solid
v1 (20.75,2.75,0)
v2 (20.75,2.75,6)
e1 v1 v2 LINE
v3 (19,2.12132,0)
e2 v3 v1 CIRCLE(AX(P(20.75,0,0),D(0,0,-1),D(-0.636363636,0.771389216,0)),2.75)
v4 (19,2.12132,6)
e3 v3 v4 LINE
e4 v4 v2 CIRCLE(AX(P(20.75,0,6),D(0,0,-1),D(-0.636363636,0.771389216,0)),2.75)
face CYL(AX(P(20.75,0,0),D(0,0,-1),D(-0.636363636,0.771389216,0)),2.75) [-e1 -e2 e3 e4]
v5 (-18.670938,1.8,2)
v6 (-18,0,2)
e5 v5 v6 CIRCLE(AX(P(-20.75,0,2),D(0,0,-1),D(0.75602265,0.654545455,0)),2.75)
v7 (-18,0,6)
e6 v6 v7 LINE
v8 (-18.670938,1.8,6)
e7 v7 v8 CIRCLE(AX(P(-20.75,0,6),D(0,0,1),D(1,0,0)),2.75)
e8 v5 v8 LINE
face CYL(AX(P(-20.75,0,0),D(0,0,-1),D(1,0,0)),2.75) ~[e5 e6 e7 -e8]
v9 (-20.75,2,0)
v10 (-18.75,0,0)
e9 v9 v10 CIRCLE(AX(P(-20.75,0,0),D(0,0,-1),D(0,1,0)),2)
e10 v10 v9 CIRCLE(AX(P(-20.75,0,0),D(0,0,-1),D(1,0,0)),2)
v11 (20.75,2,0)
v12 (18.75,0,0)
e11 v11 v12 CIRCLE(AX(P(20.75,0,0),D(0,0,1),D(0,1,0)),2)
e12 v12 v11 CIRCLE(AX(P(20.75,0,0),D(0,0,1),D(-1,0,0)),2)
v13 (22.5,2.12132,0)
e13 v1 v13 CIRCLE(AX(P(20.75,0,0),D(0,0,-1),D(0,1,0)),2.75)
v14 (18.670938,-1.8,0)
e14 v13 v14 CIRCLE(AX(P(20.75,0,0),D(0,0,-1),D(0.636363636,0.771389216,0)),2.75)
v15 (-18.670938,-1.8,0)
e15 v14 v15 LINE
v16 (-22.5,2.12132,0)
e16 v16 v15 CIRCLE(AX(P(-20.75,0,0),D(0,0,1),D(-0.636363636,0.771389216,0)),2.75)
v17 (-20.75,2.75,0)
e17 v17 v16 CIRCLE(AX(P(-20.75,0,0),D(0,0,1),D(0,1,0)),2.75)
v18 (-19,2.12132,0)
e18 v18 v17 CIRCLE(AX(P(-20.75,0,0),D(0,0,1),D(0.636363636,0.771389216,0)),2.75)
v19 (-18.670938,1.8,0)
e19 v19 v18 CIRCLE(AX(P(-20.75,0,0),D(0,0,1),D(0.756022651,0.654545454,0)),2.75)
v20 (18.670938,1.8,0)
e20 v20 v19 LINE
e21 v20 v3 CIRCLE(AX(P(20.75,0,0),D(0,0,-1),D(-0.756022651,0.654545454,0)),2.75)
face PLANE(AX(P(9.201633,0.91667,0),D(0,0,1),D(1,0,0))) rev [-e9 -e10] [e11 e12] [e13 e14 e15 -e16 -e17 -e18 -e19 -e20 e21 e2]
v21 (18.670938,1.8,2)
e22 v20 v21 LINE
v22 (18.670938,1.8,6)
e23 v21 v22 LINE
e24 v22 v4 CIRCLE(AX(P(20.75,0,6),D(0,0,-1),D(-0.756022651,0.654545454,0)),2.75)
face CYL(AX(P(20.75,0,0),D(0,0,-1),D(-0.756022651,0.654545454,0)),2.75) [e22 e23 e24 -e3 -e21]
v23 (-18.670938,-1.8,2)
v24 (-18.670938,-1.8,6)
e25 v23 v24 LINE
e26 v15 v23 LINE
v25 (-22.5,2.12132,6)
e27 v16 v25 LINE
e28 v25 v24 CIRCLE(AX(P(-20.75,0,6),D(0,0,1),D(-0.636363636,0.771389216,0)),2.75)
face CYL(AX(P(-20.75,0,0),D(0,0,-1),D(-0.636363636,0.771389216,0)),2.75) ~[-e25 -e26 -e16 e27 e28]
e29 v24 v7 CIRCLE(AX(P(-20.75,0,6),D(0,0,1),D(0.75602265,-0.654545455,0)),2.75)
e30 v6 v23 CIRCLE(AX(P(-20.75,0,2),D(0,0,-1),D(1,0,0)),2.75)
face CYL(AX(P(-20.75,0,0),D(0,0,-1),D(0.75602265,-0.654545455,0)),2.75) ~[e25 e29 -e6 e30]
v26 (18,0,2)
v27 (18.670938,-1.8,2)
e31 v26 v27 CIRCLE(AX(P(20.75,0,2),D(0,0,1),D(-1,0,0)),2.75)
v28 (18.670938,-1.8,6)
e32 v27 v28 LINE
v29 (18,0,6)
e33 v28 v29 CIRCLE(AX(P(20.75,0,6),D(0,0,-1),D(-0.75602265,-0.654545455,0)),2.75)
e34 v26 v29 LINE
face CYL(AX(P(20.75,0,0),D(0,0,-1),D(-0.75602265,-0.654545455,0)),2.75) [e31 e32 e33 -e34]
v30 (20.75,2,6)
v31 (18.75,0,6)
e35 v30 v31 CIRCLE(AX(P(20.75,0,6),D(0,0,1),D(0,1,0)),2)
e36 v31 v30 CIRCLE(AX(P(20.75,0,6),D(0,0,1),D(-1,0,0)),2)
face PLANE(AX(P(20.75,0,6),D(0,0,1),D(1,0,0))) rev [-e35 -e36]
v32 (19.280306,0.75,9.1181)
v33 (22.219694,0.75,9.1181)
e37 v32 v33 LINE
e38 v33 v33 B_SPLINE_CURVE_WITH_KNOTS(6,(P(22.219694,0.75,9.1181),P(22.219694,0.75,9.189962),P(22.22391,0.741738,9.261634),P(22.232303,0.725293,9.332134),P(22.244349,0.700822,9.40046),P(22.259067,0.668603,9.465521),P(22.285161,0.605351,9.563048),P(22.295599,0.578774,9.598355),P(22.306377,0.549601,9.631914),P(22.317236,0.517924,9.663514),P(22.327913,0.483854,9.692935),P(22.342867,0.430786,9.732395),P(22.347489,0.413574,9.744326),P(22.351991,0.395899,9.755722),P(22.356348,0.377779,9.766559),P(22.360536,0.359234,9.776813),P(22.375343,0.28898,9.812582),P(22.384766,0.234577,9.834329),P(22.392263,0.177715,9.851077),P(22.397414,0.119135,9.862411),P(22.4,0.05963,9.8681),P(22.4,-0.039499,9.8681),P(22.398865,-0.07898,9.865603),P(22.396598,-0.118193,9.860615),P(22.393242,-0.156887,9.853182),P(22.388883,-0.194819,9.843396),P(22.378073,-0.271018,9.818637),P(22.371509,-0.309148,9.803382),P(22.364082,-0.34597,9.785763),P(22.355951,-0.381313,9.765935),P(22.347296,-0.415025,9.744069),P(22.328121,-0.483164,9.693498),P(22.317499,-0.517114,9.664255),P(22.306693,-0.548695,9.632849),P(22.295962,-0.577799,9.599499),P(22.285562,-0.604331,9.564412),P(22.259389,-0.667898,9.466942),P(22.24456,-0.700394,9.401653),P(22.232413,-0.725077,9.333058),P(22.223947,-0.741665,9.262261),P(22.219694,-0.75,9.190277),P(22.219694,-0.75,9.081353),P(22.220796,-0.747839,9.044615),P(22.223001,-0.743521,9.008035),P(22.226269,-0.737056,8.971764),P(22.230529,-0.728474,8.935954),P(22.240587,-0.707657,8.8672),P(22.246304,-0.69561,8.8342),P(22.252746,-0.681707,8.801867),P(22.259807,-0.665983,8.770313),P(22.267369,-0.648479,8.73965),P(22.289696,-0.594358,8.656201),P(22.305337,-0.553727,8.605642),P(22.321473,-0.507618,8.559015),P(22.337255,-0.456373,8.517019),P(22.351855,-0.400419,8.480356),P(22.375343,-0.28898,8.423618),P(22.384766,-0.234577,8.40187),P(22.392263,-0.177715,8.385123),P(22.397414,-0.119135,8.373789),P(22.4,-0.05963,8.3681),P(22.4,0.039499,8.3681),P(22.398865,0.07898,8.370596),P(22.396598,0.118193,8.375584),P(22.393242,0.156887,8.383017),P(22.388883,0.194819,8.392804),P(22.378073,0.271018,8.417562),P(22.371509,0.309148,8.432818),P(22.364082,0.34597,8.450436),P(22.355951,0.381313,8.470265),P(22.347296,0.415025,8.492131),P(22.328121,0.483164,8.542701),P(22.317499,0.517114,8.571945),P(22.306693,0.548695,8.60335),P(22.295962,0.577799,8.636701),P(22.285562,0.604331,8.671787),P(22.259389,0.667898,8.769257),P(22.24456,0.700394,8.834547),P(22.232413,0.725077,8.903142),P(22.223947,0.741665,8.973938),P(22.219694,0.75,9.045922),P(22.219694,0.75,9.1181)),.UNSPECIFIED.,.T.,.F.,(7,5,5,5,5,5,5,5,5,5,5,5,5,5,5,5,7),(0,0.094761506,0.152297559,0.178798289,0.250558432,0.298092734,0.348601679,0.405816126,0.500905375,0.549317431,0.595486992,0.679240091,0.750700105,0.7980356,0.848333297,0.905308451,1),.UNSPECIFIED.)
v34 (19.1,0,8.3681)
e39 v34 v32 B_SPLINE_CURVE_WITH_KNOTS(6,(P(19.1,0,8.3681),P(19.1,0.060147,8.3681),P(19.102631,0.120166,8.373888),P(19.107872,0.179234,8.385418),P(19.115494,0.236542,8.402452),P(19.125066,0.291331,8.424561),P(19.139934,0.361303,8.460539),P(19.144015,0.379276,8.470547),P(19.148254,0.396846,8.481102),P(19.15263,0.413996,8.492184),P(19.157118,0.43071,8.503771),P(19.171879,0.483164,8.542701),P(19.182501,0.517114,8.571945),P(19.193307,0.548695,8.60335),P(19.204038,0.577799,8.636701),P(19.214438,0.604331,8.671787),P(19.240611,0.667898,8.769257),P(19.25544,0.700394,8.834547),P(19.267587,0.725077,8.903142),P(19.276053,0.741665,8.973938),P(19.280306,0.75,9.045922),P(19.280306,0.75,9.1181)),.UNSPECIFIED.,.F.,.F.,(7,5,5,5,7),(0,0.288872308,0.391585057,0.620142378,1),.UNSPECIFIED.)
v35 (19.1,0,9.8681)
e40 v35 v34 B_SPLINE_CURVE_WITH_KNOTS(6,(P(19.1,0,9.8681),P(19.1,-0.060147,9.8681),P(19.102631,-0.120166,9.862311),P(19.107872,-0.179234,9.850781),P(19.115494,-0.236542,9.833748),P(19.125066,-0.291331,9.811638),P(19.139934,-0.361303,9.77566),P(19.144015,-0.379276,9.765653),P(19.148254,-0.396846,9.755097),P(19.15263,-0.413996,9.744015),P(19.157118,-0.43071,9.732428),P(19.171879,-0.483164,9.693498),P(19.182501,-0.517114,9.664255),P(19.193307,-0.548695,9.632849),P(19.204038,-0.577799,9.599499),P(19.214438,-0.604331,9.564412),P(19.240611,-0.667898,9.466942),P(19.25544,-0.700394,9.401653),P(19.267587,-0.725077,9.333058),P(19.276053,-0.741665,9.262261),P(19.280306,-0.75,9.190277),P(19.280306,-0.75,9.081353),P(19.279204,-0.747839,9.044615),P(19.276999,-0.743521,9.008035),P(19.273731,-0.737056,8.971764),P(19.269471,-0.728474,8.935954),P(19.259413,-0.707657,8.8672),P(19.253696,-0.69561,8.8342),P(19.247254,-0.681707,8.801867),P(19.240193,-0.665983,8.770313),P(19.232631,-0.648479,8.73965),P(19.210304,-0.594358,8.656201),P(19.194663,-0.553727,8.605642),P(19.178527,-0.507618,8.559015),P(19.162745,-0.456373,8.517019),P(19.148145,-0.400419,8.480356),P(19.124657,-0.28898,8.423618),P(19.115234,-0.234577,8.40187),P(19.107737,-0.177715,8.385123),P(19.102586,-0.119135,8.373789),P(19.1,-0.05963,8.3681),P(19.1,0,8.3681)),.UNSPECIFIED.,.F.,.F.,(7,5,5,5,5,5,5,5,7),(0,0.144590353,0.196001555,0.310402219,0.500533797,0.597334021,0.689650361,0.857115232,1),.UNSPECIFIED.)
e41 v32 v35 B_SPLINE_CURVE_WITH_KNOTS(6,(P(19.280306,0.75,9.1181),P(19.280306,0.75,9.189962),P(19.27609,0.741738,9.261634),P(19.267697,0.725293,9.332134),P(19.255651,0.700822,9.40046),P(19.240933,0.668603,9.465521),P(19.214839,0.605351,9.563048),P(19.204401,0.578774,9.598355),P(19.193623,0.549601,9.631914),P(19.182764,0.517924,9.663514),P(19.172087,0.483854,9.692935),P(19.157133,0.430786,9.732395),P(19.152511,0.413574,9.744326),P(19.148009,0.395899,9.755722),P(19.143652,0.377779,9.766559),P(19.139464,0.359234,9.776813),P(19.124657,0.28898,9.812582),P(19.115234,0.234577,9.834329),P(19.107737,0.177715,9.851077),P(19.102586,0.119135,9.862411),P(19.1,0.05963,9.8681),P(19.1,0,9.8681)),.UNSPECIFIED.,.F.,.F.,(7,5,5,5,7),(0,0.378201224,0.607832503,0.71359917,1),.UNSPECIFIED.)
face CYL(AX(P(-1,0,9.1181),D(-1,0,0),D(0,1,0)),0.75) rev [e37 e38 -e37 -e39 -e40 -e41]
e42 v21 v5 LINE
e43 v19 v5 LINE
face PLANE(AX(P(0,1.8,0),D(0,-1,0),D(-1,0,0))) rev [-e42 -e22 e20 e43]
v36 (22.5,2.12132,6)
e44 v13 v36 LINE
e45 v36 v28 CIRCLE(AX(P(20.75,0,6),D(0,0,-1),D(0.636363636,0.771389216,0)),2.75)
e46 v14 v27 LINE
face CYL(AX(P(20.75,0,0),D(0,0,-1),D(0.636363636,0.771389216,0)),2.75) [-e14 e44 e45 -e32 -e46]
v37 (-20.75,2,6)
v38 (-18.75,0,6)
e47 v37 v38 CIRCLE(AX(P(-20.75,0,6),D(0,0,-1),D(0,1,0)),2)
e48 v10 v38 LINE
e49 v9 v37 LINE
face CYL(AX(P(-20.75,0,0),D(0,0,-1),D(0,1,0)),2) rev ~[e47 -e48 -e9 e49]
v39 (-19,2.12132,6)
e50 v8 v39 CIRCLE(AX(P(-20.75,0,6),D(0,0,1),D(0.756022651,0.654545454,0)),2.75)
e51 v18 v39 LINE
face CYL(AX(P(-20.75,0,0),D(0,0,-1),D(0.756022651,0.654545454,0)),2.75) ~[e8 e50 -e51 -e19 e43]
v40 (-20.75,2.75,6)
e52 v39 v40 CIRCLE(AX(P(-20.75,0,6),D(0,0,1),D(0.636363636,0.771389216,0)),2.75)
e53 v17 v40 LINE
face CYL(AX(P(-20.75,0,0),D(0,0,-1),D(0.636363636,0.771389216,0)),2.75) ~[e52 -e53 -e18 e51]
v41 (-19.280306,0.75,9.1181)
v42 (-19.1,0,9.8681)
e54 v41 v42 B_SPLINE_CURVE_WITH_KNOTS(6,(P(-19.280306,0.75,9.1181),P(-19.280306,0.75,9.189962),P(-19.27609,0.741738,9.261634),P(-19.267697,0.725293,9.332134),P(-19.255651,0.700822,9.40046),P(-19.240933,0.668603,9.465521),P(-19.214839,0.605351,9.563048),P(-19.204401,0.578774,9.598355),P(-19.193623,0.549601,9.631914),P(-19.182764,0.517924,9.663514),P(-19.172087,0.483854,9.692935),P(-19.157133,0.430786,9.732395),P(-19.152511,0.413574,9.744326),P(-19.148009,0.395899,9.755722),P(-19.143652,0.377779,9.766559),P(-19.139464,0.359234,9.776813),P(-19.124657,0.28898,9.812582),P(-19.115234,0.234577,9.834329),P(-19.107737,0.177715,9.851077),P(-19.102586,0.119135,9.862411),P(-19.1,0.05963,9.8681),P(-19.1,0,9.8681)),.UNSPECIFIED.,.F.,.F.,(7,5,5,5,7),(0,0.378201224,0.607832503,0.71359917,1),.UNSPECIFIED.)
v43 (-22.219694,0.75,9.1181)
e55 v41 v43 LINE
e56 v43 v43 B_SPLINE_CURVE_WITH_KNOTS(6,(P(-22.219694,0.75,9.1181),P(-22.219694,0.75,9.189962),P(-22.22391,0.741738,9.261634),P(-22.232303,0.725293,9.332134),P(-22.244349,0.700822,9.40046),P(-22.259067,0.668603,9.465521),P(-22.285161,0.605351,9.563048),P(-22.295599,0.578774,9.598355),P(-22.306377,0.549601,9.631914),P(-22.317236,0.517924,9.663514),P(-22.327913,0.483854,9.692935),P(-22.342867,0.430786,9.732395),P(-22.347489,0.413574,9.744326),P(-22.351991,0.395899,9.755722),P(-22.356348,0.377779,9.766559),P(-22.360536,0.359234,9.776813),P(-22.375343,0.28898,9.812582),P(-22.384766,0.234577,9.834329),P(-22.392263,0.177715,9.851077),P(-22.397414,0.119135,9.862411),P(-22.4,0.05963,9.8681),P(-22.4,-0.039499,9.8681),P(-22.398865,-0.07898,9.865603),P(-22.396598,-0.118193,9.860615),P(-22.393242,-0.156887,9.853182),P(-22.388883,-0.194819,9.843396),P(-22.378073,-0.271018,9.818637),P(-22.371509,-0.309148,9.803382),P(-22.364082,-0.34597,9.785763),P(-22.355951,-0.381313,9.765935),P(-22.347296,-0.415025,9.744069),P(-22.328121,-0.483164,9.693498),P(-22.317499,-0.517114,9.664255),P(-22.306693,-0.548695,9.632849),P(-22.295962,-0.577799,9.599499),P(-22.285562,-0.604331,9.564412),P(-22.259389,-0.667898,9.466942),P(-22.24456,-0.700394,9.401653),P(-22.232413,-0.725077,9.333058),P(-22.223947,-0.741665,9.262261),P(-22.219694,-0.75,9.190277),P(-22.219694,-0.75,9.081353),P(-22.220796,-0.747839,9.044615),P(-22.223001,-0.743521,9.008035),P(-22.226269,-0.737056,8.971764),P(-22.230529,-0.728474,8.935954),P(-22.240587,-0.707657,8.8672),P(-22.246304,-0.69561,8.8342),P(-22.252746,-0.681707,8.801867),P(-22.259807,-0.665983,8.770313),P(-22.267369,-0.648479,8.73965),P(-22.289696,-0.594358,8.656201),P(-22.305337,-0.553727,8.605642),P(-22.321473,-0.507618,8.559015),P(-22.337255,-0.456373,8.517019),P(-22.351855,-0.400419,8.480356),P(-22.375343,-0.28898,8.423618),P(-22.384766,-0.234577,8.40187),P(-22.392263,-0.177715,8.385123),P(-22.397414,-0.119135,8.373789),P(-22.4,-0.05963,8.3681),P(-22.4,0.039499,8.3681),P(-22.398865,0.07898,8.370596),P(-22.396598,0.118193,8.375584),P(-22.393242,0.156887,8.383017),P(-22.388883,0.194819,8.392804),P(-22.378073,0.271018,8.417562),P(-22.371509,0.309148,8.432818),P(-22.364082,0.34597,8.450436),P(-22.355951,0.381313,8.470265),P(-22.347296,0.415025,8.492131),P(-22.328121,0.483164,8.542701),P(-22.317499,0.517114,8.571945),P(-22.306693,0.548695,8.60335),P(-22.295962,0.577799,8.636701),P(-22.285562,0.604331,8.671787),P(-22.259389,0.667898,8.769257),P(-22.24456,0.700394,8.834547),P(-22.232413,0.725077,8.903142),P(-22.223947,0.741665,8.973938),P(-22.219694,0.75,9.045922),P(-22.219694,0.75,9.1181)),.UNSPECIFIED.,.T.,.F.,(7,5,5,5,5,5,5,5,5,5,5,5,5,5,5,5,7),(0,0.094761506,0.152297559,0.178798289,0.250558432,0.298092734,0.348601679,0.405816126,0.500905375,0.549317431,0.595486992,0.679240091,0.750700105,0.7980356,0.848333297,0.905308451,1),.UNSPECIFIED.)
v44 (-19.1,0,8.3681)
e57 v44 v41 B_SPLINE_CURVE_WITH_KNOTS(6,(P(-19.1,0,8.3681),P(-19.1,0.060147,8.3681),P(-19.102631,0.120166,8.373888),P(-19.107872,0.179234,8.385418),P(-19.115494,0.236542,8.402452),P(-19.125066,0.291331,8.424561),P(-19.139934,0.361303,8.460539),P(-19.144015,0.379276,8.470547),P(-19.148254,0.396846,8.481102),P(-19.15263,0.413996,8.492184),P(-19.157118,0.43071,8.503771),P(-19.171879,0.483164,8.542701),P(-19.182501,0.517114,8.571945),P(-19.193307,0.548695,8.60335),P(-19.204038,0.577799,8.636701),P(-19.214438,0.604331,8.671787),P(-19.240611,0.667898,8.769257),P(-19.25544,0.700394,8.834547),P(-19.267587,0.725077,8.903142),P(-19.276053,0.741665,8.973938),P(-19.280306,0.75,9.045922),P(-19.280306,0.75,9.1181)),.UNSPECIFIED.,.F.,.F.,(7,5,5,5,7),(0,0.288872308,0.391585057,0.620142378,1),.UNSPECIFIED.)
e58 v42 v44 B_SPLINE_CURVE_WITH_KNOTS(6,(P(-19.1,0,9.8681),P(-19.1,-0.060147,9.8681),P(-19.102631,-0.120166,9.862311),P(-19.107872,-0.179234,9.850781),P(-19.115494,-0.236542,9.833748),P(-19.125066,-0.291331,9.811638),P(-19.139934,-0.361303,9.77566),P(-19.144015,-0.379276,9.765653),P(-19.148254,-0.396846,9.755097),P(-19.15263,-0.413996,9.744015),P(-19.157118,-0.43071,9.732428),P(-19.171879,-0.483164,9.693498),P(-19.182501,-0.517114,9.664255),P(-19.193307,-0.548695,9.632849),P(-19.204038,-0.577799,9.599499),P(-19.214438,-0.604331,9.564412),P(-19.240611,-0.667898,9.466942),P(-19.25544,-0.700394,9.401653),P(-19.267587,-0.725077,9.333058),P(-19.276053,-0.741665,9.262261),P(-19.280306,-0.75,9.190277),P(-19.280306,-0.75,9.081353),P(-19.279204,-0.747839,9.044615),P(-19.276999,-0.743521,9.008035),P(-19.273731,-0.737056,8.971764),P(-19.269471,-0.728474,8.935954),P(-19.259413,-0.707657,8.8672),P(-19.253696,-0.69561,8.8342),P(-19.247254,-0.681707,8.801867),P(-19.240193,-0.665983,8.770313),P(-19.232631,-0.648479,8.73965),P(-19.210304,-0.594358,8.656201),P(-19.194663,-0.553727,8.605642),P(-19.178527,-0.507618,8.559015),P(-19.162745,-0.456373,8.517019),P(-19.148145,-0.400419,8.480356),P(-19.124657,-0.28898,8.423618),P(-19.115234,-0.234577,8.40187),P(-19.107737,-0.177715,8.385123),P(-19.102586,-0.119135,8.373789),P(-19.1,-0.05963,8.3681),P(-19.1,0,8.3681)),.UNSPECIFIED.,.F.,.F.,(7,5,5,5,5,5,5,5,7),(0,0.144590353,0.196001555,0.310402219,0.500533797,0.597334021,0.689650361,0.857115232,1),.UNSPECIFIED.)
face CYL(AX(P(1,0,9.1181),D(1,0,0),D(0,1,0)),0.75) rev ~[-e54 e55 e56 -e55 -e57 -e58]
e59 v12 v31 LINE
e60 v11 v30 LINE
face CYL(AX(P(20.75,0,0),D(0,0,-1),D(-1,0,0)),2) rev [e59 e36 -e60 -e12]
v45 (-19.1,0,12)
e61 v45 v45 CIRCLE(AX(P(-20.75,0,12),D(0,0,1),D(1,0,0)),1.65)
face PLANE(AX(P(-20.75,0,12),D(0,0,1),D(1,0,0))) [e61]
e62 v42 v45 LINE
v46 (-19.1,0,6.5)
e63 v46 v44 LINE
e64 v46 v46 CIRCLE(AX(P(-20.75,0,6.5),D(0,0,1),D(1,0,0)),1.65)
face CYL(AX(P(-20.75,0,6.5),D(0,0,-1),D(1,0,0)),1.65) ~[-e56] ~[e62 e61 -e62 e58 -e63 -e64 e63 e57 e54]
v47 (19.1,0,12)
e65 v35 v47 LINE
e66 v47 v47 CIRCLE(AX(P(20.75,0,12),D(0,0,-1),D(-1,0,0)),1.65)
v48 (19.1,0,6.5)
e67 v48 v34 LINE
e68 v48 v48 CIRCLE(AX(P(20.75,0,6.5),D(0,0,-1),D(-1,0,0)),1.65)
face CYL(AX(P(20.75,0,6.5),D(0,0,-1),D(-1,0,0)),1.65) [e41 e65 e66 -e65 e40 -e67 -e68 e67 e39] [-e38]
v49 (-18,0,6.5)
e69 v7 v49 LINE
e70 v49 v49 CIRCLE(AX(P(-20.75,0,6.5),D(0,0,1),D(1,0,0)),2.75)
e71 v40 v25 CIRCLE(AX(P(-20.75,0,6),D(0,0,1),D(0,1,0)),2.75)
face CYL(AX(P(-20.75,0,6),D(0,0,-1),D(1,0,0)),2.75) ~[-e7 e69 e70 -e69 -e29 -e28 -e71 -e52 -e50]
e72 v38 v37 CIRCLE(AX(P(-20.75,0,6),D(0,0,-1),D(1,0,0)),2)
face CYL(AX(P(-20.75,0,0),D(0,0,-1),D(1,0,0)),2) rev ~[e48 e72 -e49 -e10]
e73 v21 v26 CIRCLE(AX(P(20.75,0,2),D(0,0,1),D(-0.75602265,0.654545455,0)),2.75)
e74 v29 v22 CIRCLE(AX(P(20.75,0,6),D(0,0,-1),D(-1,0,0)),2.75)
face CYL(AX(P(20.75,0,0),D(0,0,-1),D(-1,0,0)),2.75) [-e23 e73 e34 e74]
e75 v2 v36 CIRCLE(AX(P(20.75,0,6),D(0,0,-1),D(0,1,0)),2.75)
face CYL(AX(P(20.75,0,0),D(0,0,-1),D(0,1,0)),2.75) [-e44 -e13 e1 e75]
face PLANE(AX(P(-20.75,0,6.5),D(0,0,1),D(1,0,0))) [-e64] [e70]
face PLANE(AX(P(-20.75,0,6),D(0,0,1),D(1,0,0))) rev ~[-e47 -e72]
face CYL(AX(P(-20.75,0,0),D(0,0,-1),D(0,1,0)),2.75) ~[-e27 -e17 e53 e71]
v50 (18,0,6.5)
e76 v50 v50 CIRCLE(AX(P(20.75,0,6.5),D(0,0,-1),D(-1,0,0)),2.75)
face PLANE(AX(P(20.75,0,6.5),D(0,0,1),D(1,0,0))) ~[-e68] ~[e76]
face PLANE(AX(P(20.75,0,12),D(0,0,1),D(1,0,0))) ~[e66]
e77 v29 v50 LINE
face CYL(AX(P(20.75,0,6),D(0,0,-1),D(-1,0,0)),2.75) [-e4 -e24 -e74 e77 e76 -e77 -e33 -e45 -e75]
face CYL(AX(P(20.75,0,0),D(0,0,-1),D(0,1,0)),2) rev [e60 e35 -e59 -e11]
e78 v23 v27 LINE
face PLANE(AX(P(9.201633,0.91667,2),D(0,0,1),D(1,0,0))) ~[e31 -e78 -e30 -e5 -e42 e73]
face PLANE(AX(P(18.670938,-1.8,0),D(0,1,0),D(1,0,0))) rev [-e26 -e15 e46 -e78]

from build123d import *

# Parameters (mm, degrees)
F1_DEPTH = 6
F2_DEPTH = 2
F3_R     = 2.75
F3_R_2   = 2
F4_DEPTH = 0.5
F5_R     = 1.65
F6_DEPTH = 5.5
F8_R     = 0.75
F9_DEPTH = 24.501


with BuildPart() as f1:
    # F0 (on Top) → F1 (new body)
    with BuildSketch(Plane.XY):
        with BuildLine():
            Line((-18.75, 0), (-18, 0))
            ThreePointArc((-18, 0), (-18.1731878907, 0.9604891218), (-18.6709377114, 1.8))
            ThreePointArc((-18.6709377114, 1.8), (-18.8287396862, 1.967551475), (-19, 2.1213203436))
            ThreePointArc((-19, 2.1213203436), (-19.8202502877, 2.5880621075), (-20.75, 2.75))
            Line((-20.75, 2.75), (-20.75, 2))
            ThreePointArc((-20.75, 2), (-19.3357864376, 1.4142135624), (-18.75, 0))
        make_face()
        with BuildLine():
            ThreePointArc((-18.6709377114, -1.8), (-18.1731878907, -0.9604891218), (-18, 0))
            Line((-18, 0), (-18.75, 0))
            ThreePointArc((-18.75, 0), (-22.1642135624, -1.4142135624), (-20.75, 2))
            Line((-20.75, 2), (-20.75, 2.75))
            ThreePointArc((-20.75, 2.75), (-21.6797497123, 2.5880621075), (-22.5, 2.1213203436))
            ThreePointArc((-22.5, 2.1213203436), (-22.717551475, -1.9212603138), (-18.6709377114, -1.8))
        make_face()
    extrude(amount=F1_DEPTH)

    # F0 (on Top) → F2 (join)
    with BuildSketch(Plane.XY):
        with BuildLine():
            Line((-18, 0), (0, 0))
            Line((0, 0), (0, 1.8))
            Line((0, 1.8), (-18.6709377114, 1.8))
            ThreePointArc((-18.6709377114, 1.8), (-18.1731878907, 0.9604891218), (-18, 0))
        make_face()
        with BuildLine():
            Line((0, -1.8), (0, 0))
            Line((0, 0), (-18, 0))
            ThreePointArc((-18, 0), (-18.1731878907, -0.9604891218), (-18.6709377114, -1.8))
            Line((-18.6709377114, -1.8), (0, -1.8))
        make_face()
    extrude(amount=F2_DEPTH)

    # F3 (on face) → F4 (join)
    with BuildSketch(Plane.XY.offset(6)):
        with Locations((-20.75, 0)):
            Circle(F3_R)
        with Locations((-20.75, 0)):
            Circle(F3_R_2, mode=Mode.SUBTRACT)
        with Locations((-20.75, 0)):
            Circle(F3_R_2)
    extrude(amount=F4_DEPTH)

    # F5 (on face) → F6 (join)
    with BuildSketch(Plane.XY.offset(6.5)):
        with Locations((-20.75, 0)):
            Circle(F5_R)
    extrude(amount=F6_DEPTH)

    # F8 (on offset) → F9 (cut, through all)
    with BuildSketch(Plane.YZ.offset(1)):
        with Locations((0, 9.1180996969)):
            Circle(F8_R)
    extrude(amount=-F9_DEPTH, mode=Mode.SUBTRACT)

    # F10: F1 across plane


with BuildPart() as f1_1:
    add(f1.part)
    add(f1.part.mirror(Plane.YZ))


solid = f1_1.part
